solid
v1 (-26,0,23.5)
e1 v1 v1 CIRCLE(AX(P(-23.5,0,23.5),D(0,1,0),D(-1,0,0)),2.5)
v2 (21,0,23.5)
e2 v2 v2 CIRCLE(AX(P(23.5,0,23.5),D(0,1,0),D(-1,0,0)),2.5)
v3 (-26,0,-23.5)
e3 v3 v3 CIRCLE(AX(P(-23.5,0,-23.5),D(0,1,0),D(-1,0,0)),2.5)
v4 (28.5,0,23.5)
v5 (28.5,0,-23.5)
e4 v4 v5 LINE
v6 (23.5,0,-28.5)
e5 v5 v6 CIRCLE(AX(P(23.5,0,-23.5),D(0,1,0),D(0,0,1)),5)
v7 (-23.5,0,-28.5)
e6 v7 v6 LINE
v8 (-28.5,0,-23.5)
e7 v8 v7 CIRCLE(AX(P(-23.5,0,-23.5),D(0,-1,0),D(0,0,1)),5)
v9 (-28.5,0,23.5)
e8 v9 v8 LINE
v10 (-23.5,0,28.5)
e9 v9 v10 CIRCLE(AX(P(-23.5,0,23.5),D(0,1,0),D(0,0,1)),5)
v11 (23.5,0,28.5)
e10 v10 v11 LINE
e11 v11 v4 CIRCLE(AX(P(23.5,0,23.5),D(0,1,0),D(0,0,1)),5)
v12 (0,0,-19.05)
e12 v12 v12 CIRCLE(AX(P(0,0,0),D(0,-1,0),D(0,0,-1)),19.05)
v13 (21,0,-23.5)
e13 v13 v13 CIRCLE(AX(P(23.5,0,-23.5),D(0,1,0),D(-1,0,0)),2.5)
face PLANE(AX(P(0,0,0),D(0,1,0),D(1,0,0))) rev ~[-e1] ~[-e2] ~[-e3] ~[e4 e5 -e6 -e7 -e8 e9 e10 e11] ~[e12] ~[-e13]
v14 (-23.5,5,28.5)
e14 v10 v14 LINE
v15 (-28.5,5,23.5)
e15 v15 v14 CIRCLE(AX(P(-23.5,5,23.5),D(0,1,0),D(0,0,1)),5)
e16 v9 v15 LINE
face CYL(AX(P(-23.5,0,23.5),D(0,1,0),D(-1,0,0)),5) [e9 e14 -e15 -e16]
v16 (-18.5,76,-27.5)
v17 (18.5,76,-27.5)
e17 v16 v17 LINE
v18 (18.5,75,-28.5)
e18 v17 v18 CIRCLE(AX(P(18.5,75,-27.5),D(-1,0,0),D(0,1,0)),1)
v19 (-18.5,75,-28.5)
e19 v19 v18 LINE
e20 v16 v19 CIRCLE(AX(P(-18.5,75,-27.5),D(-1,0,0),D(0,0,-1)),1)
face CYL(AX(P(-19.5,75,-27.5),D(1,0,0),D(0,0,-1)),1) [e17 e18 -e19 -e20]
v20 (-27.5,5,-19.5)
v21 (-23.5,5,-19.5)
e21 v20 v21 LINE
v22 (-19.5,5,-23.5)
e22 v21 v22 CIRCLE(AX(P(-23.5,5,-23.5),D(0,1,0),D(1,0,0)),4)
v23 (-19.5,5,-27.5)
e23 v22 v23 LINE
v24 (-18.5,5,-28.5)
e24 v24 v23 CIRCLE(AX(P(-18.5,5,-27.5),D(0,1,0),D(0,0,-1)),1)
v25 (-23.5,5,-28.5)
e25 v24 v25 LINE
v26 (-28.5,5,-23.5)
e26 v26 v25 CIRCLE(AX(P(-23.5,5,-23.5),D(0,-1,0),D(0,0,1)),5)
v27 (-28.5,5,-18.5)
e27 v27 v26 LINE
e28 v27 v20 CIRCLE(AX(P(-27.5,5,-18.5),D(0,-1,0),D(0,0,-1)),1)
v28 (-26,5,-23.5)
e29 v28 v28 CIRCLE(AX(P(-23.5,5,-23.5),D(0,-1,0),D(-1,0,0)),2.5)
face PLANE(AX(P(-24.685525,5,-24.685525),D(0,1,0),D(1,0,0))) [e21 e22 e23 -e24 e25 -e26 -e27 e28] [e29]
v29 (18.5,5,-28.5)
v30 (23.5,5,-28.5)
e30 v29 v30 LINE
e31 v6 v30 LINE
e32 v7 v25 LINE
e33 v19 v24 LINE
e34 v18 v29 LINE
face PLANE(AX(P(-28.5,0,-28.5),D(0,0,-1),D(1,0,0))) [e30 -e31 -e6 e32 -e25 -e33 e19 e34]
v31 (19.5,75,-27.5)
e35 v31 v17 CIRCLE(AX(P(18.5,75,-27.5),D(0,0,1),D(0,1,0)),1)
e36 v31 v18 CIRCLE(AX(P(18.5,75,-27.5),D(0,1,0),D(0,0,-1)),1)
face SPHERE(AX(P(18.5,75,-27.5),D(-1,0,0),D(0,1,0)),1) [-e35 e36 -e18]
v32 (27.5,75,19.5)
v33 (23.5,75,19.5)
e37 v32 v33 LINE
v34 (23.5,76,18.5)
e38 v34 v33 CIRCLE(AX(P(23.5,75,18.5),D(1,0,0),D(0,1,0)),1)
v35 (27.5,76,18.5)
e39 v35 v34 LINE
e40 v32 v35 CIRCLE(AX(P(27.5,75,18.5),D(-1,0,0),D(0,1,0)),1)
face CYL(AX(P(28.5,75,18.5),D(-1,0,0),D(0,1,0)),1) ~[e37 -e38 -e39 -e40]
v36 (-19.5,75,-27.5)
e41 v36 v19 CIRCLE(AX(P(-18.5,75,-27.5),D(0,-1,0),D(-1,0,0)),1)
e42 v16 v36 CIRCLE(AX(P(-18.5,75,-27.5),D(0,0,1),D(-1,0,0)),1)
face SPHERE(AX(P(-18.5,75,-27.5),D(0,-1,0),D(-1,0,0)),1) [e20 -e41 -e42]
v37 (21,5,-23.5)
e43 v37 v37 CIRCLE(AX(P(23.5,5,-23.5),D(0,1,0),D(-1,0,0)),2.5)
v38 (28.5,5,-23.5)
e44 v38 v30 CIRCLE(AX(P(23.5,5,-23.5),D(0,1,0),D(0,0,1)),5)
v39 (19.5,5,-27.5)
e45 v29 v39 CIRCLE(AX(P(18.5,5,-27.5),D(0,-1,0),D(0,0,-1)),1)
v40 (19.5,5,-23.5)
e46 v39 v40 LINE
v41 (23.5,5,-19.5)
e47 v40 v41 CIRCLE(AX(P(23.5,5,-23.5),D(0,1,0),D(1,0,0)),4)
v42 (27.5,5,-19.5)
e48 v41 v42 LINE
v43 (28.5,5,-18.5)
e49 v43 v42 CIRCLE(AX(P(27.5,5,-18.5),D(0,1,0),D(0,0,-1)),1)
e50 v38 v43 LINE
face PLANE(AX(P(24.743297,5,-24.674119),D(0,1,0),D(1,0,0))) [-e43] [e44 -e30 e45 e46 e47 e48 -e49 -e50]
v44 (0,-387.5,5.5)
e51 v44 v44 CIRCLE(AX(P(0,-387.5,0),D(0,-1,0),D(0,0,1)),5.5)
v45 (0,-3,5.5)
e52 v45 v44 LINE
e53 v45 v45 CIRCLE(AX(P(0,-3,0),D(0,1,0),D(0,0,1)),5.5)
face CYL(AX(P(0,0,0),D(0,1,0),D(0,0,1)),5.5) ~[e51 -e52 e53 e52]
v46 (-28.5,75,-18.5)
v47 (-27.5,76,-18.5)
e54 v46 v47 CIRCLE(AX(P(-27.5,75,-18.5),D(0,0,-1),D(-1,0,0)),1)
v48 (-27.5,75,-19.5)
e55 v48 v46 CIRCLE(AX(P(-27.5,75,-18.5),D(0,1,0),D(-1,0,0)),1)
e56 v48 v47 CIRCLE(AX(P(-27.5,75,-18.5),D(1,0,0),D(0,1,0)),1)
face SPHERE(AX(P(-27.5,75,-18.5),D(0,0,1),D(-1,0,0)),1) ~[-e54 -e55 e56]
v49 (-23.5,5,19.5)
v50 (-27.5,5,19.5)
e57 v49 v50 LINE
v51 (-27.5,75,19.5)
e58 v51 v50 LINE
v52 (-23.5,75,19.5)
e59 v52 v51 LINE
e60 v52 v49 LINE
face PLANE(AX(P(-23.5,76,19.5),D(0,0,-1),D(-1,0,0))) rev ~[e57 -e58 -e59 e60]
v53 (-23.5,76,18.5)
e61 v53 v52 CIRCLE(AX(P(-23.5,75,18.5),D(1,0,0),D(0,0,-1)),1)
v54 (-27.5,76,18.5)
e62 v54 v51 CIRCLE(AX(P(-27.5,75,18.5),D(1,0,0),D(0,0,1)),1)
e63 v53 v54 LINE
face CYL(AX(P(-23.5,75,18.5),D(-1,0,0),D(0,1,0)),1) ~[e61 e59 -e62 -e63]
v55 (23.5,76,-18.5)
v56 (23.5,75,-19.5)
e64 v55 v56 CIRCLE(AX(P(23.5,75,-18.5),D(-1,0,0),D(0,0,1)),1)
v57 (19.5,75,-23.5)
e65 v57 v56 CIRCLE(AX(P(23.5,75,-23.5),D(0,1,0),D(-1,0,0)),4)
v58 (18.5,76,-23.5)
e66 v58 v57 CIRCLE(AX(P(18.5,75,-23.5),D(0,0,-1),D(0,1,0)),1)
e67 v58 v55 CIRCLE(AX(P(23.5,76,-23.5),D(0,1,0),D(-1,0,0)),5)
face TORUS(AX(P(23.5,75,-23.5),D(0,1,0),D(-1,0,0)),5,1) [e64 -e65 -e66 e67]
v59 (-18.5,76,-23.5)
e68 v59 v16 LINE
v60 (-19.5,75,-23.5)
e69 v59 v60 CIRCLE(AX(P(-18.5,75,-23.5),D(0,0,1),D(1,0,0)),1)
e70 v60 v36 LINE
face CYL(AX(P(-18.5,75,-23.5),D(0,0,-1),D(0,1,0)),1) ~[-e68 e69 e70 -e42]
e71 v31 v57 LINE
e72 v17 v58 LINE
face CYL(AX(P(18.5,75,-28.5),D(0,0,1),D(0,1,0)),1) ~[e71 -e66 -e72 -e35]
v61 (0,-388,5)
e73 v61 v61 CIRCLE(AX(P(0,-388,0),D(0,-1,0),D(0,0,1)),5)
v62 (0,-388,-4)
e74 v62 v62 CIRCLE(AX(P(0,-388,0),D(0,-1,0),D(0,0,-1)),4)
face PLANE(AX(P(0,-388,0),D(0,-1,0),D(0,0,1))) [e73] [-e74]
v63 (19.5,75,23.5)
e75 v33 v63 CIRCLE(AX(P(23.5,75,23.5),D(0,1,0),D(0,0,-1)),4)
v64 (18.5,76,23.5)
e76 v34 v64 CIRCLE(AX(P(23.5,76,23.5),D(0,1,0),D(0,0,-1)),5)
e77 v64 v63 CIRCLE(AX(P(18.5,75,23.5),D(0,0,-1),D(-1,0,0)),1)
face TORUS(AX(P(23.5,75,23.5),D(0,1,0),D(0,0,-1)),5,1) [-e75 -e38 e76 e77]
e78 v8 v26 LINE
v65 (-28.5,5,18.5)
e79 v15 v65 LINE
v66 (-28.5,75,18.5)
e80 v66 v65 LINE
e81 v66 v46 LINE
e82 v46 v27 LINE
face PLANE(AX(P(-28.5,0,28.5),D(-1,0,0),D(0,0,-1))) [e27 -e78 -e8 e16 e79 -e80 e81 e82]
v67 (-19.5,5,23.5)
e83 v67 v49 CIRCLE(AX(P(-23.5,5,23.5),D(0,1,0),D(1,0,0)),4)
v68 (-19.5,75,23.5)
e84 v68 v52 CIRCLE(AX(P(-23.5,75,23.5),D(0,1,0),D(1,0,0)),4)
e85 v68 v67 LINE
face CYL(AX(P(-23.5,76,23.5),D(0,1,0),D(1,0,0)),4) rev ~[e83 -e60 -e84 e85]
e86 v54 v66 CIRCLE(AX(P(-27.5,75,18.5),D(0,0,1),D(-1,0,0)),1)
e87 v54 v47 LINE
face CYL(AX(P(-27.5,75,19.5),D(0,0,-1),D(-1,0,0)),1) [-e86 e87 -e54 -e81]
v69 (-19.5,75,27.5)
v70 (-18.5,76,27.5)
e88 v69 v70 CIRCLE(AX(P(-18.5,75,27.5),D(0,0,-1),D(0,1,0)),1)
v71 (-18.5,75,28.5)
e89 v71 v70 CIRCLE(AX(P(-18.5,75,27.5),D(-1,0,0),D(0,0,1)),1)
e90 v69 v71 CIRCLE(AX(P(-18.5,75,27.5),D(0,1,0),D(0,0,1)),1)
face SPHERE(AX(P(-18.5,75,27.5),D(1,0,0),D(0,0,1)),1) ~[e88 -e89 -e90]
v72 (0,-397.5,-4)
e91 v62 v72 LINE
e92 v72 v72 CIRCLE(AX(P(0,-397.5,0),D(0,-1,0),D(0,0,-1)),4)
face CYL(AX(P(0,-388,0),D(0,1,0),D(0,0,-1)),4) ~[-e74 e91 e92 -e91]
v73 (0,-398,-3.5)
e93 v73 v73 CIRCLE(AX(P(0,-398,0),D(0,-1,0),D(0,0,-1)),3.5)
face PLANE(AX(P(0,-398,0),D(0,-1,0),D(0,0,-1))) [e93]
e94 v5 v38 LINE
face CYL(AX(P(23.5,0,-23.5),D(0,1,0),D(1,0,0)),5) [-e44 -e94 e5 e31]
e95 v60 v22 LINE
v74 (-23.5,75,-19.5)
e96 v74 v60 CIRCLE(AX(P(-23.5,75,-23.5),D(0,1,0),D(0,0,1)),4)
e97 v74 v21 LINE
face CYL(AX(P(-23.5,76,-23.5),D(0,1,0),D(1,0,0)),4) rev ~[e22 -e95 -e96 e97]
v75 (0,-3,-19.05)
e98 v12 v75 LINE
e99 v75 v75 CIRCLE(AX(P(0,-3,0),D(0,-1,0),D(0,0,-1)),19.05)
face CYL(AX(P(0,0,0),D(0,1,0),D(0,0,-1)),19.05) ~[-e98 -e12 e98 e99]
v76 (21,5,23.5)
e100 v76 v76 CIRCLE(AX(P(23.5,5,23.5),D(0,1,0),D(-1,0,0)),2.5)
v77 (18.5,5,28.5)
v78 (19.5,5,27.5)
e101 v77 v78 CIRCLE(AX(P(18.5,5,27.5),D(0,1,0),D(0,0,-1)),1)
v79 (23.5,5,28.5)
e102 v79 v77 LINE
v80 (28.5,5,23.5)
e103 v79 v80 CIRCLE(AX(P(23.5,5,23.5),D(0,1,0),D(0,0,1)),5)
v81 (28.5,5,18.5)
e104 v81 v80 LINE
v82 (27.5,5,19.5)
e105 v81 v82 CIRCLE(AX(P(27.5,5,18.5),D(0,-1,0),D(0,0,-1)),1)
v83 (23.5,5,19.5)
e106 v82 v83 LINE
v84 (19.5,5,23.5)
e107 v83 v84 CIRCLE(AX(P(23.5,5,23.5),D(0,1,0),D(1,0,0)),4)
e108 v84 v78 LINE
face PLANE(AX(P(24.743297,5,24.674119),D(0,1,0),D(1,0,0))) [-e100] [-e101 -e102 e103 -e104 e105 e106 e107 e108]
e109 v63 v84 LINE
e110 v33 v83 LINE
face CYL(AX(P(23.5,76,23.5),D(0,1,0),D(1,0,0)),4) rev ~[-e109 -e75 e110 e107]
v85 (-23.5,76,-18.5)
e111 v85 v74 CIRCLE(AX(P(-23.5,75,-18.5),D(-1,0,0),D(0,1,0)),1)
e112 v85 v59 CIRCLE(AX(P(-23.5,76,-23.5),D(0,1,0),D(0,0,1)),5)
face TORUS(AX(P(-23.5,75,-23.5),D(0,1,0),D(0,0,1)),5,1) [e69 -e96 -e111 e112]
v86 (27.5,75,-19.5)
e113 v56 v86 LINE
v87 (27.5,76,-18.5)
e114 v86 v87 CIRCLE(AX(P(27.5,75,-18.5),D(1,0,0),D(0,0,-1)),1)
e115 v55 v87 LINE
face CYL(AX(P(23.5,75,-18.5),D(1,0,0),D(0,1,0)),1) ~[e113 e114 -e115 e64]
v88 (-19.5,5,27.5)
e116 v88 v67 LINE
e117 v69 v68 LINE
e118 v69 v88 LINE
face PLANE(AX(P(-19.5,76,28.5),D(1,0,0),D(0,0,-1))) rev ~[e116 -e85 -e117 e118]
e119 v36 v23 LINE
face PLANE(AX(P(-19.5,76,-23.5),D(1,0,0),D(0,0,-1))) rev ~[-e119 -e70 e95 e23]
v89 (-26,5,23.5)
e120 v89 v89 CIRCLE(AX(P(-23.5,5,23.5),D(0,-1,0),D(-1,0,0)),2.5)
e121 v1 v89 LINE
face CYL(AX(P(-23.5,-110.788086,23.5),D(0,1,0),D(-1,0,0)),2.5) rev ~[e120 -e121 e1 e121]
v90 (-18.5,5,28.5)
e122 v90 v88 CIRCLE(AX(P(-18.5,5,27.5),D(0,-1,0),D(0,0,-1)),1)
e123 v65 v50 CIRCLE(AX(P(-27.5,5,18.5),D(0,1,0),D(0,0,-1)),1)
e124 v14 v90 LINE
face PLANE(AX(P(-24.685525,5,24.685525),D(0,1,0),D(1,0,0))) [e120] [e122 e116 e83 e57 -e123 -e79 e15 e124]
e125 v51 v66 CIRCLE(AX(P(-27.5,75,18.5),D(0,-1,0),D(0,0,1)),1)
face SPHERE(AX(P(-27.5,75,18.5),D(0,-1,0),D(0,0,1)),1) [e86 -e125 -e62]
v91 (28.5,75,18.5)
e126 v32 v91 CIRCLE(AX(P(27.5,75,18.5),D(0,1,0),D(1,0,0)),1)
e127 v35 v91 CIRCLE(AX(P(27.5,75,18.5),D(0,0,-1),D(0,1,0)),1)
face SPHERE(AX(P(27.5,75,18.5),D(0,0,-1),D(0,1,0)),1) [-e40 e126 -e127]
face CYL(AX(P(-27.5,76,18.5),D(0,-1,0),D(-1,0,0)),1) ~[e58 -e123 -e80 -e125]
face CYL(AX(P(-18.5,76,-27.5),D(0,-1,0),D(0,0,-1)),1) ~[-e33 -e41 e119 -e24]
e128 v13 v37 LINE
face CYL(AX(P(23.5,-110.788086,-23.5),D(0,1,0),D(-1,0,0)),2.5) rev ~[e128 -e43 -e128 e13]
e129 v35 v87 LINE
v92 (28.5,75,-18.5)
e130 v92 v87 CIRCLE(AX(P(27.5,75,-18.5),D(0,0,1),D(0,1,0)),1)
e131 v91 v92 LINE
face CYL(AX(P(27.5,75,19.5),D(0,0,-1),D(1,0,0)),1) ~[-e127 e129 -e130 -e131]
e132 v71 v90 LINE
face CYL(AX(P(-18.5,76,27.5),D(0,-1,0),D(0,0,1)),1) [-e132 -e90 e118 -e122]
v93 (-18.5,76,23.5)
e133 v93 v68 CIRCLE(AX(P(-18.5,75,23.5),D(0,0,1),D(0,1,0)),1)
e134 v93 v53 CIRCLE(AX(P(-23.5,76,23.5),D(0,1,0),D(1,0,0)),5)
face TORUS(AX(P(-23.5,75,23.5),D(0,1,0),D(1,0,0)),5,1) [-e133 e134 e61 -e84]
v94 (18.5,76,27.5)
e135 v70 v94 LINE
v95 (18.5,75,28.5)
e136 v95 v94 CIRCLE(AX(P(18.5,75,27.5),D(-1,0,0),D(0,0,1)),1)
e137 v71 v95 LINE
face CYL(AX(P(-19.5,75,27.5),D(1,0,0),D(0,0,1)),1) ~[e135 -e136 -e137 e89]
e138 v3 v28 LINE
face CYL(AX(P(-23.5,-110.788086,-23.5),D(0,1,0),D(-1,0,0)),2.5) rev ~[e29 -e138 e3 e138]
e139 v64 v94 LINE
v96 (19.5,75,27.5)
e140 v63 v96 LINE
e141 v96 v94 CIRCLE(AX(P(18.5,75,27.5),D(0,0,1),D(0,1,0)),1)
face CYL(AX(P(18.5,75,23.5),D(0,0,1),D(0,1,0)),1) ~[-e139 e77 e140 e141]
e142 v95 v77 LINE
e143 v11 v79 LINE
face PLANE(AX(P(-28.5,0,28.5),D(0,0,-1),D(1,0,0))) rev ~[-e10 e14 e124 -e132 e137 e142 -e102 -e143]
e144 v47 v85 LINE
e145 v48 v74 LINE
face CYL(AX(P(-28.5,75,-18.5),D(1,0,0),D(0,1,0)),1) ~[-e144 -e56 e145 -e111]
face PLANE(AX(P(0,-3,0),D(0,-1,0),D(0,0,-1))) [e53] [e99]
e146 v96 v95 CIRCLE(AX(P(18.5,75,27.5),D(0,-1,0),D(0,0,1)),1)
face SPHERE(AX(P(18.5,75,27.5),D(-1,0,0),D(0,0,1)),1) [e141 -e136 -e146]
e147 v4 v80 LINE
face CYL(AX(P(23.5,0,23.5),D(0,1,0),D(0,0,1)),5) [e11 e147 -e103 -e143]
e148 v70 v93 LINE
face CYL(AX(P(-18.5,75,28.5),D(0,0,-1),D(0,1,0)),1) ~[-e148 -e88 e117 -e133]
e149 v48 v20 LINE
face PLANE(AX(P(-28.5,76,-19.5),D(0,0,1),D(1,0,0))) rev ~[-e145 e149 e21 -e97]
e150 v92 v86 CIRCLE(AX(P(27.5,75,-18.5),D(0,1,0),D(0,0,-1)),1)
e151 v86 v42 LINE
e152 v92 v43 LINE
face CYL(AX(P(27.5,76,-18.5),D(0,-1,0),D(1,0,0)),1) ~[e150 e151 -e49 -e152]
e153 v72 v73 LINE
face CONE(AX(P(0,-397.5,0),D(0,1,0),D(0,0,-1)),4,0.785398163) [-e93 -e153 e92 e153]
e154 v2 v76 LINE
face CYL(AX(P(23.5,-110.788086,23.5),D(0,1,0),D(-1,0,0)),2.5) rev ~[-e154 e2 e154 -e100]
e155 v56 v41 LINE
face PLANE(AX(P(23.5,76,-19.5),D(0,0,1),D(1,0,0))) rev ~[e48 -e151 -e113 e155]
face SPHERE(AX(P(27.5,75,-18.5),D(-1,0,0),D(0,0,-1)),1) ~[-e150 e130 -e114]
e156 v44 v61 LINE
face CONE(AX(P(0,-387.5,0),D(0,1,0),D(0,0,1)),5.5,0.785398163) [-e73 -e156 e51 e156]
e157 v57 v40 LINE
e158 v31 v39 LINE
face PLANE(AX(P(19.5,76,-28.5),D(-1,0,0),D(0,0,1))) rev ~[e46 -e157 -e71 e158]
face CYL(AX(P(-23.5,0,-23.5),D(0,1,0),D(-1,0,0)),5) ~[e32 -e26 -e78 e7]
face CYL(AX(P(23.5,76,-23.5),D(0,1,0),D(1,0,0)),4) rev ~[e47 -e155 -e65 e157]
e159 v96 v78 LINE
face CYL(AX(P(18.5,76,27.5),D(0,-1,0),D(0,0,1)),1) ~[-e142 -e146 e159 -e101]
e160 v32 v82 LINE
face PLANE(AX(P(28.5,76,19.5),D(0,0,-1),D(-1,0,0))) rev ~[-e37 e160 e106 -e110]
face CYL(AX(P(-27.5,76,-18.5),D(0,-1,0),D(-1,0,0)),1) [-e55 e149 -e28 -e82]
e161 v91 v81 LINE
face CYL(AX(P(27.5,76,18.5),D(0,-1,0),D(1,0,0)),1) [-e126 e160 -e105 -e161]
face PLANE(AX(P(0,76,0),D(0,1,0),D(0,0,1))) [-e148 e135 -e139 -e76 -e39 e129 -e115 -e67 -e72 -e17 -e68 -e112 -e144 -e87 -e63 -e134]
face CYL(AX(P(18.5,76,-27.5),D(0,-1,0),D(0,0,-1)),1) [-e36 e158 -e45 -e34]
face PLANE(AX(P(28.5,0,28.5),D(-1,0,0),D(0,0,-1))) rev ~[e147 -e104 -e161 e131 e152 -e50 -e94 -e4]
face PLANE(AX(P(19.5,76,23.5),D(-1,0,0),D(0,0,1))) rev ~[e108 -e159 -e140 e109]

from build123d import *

# Parameters (mm, degrees)
SKETCH1_W                = 57
SKETCH1_H                = 57
EXTRUDE1_DEPTH           = 76
F_5_0_5_DIAMETER_HOLE1_D = 5
SKETCH6_R                = 4
SKETCH6_R_2              = 2.5
EXTRUDE4_DEPTH           = 71
FILLET1_R                = 5
SKETCH7_R                = 3
EXTRUDE5_DEPTH           = 101
SKETCH8_R                = 19.05
EXTRUDE6_DEPTH           = 3
FILLET2_R                = 1
SKETCH9_R                = 5.5
BOSS_EXTRUDE1_DEPTH      = 388
CHAMFER1_SIZE            = 0.5
SKETCH10_R               = 4
BOSS_EXTRUDE2_DEPTH      = 10
CHAMFER2_SIZE            = 0.5


with BuildPart() as part:
    # Sketch1 → Extrude1 (new body)
    with BuildSketch(Plane(origin=(0, 0, 0), x_dir=(1, 0, 0), z_dir=(0, 1, 0))):
        Rectangle(SKETCH1_W, SKETCH1_H)
    extrude(amount=EXTRUDE1_DEPTH)

    # Ø5.0 (5) Diameter Hole1 (through all)
    with Locations(Plane.XZ):
        with Locations((-23.5, 23.5), (23.5, 23.5), (23.5, -23.5), (-23.5, -23.5)):
            Hole(F_5_0_5_DIAMETER_HOLE1_D / 2)

    # Sketch6 → Extrude4 (cut)
    # profile 1 of 12: a face of its own
    with BuildSketch(Plane(origin=(0, 76, 0), x_dir=(1, 0, 0), z_dir=(0, 1, 0))):
        Polygon((-28.5, 28.5), (-19.5, 28.5), (-19.5, 32.511741208), (-33.908905561, 32.511741208), (-33.908905561, 19.5), (-28.5, 19.5), align=None)
    # profile 2 of 12: a face of its own
    with BuildSketch(Plane(origin=(0, 76, 0), x_dir=(1, 0, 0), z_dir=(0, 1, 0))):
        with BuildLine():
            ThreePointArc((-23.5, 19.5), (-26.328427125, 26.328427125), (-19.5, 23.5))
            Line((-19.5, 23.5), (-19.5, 28.5))
            Line((-19.5, 28.5), (-28.5, 28.5))
            Line((-28.5, 28.5), (-28.5, 19.5))
            Line((-28.5, 19.5), (-23.5, 19.5))
        make_face()
    # profile 3 of 12: a face of its own
    with BuildSketch(Plane(origin=(0, 76, 0), x_dir=(1, 0, 0), z_dir=(0, 1, 0))):
        with Locations((-23.5, 23.5)):
            Circle(SKETCH6_R)
        with Locations(Location((-23.5, 23.5, 0), (0, 0, 90))):
            Circle(SKETCH6_R_2, mode=Mode.SUBTRACT)
    # profile 4 of 12: a face of its own
    with BuildSketch(Plane(origin=(0, 76, 0), x_dir=(1, 0, 0), z_dir=(0, 1, 0))):
        Polygon((19.5, 36.471560472), (19.5, 28.5), (28.5, 28.5), (28.5, 19.5), (41.168352552, 19.5), (41.168352552, 36.471560472), align=None)
    # profile 5 of 12: a face of its own
    with BuildSketch(Plane(origin=(0, 76, 0), x_dir=(1, 0, 0), z_dir=(0, 1, 0))):
        with BuildLine():
            Line((28.5, 28.5), (19.5, 28.5))
            Line((19.5, 28.5), (19.5, 23.5))
            ThreePointArc((19.5, 23.5), (23.5, 27.5), (27.5, 23.5))
            ThreePointArc((27.5, 23.5), (26.328427125, 20.671572875), (23.5, 19.5))
            Line((23.5, 19.5), (28.5, 19.5))
            Line((28.5, 19.5), (28.5, 28.5))
        make_face()
    # profile 6 of 12: a face of its own
    with BuildSketch(Plane(origin=(0, 76, 0), x_dir=(1, 0, 0), z_dir=(0, 1, 0))):
        with Locations((23.5, 23.5)):
            Circle(SKETCH6_R)
        with Locations(Location((23.5, 23.5, 0), (0, 0, 90))):
            Circle(SKETCH6_R_2, mode=Mode.SUBTRACT)
    # profile 7 of 12: a face of its own
    with BuildSketch(Plane(origin=(0, 76, 0), x_dir=(1, 0, 0), z_dir=(0, 1, 0))):
        with Locations((23.5, -23.5)):
            Circle(SKETCH6_R)
        with Locations(Location((23.5, -23.5, 0), (0, 0, 90))):
            Circle(SKETCH6_R_2, mode=Mode.SUBTRACT)
    # profile 8 of 12: a face of its own
    with BuildSketch(Plane(origin=(0, 76, 0), x_dir=(1, 0, 0), z_dir=(0, 1, 0))):
        with BuildLine():
            Line((28.5, -28.5), (28.5, -19.5))
            Line((28.5, -19.5), (23.5, -19.5))
            ThreePointArc((23.5, -19.5), (26.328427125, -20.671572875), (27.5, -23.5))
            ThreePointArc((27.5, -23.5), (23.5, -27.5), (19.5, -23.5))
            Line((19.5, -23.5), (19.5, -28.5))
            Line((19.5, -28.5), (28.5, -28.5))
        make_face()
    # profile 9 of 12: a face of its own
    with BuildSketch(Plane(origin=(0, 76, 0), x_dir=(1, 0, 0), z_dir=(0, 1, 0))):
        Polygon((44.252209519, -19.5), (28.5, -19.5), (28.5, -28.5), (19.5, -28.5), (19.5, -40.050429997), (44.252209519, -40.050429997), align=None)
    # profile 10 of 12: a face of its own
    with BuildSketch(Plane(origin=(0, 76, 0), x_dir=(1, 0, 0), z_dir=(0, 1, 0))):
        Polygon((-28.5, -28.5), (-28.5, -19.5), (-37.670786859, -19.5), (-37.670786859, -37.828231874), (-19.5, -37.828231874), (-19.5, -28.5), align=None)
    # profile 11 of 12: a face of its own
    with BuildSketch(Plane(origin=(0, 76, 0), x_dir=(1, 0, 0), z_dir=(0, 1, 0))):
        with BuildLine():
            Line((-23.5, -19.5), (-28.5, -19.5))
            Line((-28.5, -19.5), (-28.5, -28.5))
            Line((-28.5, -28.5), (-19.5, -28.5))
            Line((-19.5, -28.5), (-19.5, -23.5))
            ThreePointArc((-19.5, -23.5), (-26.328427125, -26.328427125), (-23.5, -19.5))
        make_face()
    # profile 12 of 12: a face of its own
    with BuildSketch(Plane(origin=(0, 76, 0), x_dir=(1, 0, 0), z_dir=(0, 1, 0))):
        with Locations((-23.5, -23.5)):
            Circle(SKETCH6_R)
        with Locations(Location((-23.5, -23.5, 0), (0, 0, 90))):
            Circle(SKETCH6_R_2, mode=Mode.SUBTRACT)
    extrude(amount=-EXTRUDE4_DEPTH, mode=Mode.SUBTRACT)

    # Fillet1
    fillet1_edges = [part.edges().sort_by_distance(p)[0] for p in [
        (-28.5, 2.5, 28.5),
        (-28.5, 2.5, -28.5),
        (28.5, 2.5, -28.5),
        (28.5, 2.5, 28.5),
    ]]
    fillet(fillet1_edges, radius=FILLET1_R)



with BuildPart() as body_2:
    # Sketch7 → Extrude5 (new body)
    with BuildSketch(Plane(origin=(0, 76, 0), x_dir=(1, 0, 0), z_dir=(0, 1, 0))):
        with Locations(Location((0, 0, 0), (0, 0, 270))):
            Circle(SKETCH7_R)
    extrude(amount=-EXTRUDE5_DEPTH)


with BuildPart() as part_1:
    add(part.part)

    add(body_2.part)  # Extrude6 merges body 2
    # Sketch8 → Extrude6 (add)
    with BuildSketch(Plane.XZ):
        with Locations(Location((0, 0, 0), (0, 0, 270))):
            Circle(SKETCH8_R)
    extrude(amount=EXTRUDE6_DEPTH)

    # Fillet2
    fillet2_edges = [part_1.edges().sort_by_distance(p)[0] for p in [
        (-28.5, 40.5, 19.5),
        (0, 76, 28.5),
        (-19.5, 40.5, 28.5),
        (-19.5, 76, 26),
        (-20.671572875, 76, 20.671572875),
        (-26, 76, 19.5),
        (-28.5, 76, 0),
        (-28.5, 40.5, -19.5),
        (-19.5, 40.5, -28.5),
        (-19.5, 76, -26),
        (-26, 76, -19.5),
        (-20.671572875, 76, -20.671572875),
        (0, 76, -28.5),
        (19.5, 76, -26),
        (26, 76, -19.5),
        (20.671572875, 76, -20.671572875),
        (19.5, 40.5, -28.5),
        (28.5, 40.5, -19.5),
        (19.5, 40.5, 28.5),
        (28.5, 76, 0),
        (26, 76, 19.5),
        (19.5, 76, 26),
        (20.671572875, 76, 20.671572875),
        (28.5, 40.5, 19.5),
    ]]
    fillet(fillet2_edges, radius=FILLET2_R)

    # Sketch9 → Boss-Extrude1 (add)
    with BuildSketch(Plane.XZ):
        with Locations(Location((0, 0, 0), (0, 0, 90))):
            Circle(SKETCH9_R)
    extrude(amount=BOSS_EXTRUDE1_DEPTH)

    # Chamfer1
    chamfer1_edges = [part_1.edges().sort_by_distance(p)[0] for p in [
        (0, -388, -5.5),
    ]]
    chamfer(chamfer1_edges, length=CHAMFER1_SIZE)

    # Sketch10 → Boss-Extrude2 (add)
    with BuildSketch(Plane.XZ.offset(388)):
        with Locations(Location((0, 0, 0), (0, 0, 270))):
            Circle(SKETCH10_R)
    extrude(amount=BOSS_EXTRUDE2_DEPTH)

    # Chamfer2
    chamfer2_edges = [part_1.edges().sort_by_distance(p)[0] for p in [
        (0, -398, 4),
    ]]
    chamfer(chamfer2_edges, length=CHAMFER2_SIZE)


solid = part_1.part
